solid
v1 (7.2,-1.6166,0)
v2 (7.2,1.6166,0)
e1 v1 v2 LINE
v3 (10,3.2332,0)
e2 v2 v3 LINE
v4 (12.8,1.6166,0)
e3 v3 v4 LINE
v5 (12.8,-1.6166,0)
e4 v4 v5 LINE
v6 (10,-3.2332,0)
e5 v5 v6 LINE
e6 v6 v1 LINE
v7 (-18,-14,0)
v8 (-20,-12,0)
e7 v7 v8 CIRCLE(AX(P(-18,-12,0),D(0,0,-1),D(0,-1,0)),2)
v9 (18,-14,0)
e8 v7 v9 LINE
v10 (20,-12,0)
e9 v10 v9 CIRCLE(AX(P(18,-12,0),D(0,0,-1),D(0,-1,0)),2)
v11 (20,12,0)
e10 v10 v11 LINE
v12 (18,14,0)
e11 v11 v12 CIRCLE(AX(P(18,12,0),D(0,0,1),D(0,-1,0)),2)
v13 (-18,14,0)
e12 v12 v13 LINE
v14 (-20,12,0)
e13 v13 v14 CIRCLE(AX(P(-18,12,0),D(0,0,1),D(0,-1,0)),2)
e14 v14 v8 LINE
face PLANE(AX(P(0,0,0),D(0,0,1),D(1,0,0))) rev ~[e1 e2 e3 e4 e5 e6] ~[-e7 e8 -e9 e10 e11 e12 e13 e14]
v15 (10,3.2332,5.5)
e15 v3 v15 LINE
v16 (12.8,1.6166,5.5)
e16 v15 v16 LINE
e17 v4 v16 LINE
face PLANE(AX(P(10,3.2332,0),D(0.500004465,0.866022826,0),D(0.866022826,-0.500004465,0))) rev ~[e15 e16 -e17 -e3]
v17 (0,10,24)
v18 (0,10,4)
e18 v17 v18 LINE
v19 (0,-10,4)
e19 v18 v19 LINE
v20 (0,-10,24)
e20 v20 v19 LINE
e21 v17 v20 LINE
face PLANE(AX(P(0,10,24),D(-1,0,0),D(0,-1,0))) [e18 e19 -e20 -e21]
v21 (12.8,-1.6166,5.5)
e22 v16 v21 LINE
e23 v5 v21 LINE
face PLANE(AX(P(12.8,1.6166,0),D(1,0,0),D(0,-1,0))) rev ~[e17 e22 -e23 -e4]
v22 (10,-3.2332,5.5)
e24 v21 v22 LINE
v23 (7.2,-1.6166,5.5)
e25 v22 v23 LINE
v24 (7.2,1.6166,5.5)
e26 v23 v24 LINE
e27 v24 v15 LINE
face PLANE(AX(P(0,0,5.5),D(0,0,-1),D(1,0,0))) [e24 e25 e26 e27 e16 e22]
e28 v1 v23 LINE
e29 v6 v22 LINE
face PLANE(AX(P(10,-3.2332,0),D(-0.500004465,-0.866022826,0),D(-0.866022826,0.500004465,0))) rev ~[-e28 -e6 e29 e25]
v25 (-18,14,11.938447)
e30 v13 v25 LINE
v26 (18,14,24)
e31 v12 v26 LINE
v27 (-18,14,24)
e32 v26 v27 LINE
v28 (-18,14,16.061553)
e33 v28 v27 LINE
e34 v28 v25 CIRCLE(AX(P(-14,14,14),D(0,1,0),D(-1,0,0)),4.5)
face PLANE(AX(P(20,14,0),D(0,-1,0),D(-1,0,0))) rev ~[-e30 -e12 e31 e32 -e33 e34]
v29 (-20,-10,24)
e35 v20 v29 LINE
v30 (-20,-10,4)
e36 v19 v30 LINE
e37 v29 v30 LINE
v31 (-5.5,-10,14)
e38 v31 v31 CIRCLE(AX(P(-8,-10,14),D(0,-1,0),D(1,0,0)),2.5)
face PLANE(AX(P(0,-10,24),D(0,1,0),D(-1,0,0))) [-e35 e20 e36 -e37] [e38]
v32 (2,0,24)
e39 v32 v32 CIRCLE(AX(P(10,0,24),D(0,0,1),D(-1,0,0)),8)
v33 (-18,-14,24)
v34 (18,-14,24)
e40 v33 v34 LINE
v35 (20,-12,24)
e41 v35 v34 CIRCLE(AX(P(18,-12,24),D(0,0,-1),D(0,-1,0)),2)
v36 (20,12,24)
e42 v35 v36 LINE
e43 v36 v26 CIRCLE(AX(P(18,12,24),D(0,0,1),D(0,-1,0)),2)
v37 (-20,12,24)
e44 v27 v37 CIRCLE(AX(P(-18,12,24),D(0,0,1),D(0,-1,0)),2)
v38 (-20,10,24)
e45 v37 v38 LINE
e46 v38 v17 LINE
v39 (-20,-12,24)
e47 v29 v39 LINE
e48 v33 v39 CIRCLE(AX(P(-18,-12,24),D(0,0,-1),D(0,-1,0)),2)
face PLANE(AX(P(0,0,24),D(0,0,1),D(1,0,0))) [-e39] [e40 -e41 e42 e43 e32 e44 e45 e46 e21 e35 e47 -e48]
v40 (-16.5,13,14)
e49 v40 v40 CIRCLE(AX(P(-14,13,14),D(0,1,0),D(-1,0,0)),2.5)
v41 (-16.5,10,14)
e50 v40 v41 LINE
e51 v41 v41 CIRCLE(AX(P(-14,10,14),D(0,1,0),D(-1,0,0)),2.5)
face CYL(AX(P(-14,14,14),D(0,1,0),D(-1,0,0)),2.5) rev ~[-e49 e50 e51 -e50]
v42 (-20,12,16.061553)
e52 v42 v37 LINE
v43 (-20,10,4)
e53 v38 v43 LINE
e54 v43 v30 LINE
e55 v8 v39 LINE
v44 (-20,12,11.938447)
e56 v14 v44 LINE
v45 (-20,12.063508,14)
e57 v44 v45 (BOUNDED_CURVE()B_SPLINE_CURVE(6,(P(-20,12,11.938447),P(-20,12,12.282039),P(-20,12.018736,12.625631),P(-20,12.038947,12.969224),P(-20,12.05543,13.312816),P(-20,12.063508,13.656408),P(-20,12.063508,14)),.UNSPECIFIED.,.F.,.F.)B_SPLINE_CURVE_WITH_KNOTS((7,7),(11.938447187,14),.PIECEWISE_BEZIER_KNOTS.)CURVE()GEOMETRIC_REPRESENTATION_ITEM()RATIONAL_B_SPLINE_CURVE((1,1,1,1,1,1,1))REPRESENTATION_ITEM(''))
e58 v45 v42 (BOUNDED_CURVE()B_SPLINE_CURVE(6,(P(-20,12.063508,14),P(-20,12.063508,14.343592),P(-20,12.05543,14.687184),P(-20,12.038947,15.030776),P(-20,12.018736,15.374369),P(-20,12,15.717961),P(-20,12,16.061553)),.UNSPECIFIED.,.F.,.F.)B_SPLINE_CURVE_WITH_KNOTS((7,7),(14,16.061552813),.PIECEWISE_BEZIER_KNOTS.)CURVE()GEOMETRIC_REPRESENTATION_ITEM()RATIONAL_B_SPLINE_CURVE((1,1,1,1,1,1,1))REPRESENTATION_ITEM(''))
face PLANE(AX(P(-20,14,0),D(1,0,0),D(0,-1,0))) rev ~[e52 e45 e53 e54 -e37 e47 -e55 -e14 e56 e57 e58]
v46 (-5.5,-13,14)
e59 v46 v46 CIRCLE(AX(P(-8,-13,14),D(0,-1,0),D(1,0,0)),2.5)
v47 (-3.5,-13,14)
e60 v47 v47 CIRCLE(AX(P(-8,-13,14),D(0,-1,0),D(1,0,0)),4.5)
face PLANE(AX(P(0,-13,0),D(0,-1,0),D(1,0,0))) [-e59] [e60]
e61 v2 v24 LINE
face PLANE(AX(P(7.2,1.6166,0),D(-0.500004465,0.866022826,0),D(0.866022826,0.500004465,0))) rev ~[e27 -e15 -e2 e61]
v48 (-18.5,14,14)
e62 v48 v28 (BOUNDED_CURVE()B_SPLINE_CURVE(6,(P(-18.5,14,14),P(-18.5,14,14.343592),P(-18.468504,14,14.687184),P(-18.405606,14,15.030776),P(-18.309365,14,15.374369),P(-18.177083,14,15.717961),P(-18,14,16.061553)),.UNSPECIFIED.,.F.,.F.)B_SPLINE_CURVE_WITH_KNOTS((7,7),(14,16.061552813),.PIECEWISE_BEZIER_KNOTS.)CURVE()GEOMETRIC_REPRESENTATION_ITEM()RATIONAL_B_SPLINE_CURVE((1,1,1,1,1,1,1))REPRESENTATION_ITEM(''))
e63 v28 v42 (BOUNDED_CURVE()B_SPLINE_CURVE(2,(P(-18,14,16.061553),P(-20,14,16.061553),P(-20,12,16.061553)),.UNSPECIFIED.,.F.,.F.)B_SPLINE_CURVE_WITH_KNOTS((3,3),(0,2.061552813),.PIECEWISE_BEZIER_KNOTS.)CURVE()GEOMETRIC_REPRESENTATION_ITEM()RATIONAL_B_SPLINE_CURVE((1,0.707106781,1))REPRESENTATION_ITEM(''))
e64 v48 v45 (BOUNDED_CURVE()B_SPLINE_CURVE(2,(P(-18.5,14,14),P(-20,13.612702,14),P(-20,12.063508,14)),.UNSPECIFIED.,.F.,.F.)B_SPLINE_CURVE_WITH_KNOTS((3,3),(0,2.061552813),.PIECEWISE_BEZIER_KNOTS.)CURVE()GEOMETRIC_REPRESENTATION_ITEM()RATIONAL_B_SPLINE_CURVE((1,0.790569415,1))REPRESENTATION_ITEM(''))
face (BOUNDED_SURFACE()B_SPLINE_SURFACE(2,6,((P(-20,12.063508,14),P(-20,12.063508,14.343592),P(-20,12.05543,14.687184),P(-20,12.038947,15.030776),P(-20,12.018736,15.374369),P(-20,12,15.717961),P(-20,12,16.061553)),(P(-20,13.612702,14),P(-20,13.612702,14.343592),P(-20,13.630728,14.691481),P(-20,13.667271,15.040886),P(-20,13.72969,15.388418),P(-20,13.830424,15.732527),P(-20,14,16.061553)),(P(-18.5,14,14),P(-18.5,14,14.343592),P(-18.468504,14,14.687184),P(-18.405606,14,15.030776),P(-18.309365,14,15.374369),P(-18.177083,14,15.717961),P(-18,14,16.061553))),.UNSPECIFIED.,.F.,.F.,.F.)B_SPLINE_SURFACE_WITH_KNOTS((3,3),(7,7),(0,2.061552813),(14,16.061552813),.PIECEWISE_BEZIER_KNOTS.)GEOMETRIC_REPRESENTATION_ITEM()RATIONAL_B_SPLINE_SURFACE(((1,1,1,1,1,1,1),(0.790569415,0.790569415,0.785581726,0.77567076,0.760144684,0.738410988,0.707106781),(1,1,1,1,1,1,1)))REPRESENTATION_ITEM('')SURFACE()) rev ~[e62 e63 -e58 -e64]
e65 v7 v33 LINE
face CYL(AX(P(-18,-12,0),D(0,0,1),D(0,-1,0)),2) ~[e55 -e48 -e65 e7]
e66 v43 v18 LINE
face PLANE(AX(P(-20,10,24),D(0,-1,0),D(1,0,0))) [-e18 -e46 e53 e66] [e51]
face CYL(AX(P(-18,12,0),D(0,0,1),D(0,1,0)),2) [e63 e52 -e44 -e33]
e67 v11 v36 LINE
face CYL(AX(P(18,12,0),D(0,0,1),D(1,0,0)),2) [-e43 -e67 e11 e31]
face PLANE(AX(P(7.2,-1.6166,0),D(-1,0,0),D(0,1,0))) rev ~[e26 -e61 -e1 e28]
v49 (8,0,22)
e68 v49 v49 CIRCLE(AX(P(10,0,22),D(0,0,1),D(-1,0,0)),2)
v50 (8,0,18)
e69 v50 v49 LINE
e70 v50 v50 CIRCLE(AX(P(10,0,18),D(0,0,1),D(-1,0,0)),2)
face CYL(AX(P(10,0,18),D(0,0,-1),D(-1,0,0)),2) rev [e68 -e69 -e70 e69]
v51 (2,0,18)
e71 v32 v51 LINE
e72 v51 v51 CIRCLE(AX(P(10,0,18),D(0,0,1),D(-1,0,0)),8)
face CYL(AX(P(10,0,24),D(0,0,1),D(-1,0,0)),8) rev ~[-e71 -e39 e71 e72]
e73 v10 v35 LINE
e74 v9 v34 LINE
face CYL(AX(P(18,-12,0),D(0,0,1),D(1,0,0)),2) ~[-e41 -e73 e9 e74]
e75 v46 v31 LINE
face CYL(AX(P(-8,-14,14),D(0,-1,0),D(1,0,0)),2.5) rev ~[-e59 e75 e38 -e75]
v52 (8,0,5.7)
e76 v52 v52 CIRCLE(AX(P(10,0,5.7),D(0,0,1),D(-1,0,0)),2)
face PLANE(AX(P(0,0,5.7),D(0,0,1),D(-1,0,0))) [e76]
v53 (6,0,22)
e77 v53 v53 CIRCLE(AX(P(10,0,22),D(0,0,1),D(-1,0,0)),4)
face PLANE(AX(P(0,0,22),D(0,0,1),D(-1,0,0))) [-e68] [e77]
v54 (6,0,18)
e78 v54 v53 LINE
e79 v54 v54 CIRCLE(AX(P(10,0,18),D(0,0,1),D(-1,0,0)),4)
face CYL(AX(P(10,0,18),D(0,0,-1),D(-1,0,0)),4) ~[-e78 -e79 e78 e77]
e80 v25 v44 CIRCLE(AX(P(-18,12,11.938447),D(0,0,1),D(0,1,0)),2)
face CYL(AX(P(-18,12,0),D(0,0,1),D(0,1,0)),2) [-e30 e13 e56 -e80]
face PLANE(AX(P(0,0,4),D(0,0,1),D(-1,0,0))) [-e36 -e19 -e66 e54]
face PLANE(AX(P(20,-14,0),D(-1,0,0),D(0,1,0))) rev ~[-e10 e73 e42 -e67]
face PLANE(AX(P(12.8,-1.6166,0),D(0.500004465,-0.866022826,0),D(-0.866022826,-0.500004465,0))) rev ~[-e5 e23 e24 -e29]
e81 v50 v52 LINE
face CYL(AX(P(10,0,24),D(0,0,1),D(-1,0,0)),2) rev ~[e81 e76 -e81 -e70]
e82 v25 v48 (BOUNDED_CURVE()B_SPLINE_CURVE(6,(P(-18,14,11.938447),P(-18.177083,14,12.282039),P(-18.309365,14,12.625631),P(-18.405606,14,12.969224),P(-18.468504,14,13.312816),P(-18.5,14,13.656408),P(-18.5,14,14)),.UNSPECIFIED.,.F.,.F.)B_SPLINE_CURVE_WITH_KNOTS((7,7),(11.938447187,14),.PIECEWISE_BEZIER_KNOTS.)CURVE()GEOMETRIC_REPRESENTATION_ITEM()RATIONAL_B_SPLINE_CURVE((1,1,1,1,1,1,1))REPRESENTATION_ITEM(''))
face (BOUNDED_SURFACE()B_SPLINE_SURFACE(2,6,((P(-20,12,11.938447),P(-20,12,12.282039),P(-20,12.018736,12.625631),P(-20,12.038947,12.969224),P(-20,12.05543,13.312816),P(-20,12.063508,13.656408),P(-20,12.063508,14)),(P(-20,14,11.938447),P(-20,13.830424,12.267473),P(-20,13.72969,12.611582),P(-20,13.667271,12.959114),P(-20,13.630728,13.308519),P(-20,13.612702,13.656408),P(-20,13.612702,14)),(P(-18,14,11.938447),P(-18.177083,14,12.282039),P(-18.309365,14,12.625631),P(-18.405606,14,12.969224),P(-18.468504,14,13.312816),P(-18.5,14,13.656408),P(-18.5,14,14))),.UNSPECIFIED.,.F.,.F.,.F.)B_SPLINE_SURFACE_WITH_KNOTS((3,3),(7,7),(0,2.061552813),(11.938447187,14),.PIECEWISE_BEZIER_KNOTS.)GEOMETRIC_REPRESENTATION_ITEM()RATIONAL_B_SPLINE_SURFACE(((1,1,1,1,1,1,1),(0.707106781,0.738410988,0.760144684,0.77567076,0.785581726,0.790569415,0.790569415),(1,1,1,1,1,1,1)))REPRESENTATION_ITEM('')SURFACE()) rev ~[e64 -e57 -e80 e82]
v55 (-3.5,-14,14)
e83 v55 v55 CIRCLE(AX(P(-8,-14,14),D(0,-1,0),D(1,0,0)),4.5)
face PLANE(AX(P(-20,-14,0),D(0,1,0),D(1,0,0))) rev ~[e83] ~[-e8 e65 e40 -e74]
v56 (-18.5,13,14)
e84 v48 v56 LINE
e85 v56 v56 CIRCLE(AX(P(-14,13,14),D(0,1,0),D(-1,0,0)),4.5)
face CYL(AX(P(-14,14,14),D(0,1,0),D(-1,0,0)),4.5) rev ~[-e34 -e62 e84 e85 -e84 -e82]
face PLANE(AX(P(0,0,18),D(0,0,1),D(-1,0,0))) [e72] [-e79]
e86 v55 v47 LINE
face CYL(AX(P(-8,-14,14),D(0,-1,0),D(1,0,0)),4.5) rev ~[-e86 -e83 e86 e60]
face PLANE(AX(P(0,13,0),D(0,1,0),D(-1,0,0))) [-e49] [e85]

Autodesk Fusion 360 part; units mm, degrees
sketch "Sketch1" plane through (0, 0, 0) normal (0, 0, 1) x (1, 0, 0) in component "Mount"
  line L0 (20, 14) -> (-20, 14)
  line L1 (-20, 14) -> (-20, -14)
  line L2 (-20, -14) -> (20, -14)
  line L3 (20, -14) -> (20, 14)
  line L4 (20, 14) -> (-20, -14) construction
  line L5 (-20, 14) -> (20, -14) construction
  dimension "d1" = 40
  dimension "d2" = 28
extrude "Extrude1" add sketch "Sketch1" along normal blind 24 in component "Mount"
sketch "Sketch2" plane through (0, 0, 24) normal (0, 0, 1) x (-1, 0, 0) in component "Mount"
  line L0 (-20, 14) -> (-20, -14)
  line L1 (-20, -14) -> (20, -14)
  line L2 (20, -14) -> (20, 14)
  line L3 (20, 14) -> (-20, 14)
  line L4 (20, -10) -> (0, -10)
  line L5 (0, -10) -> (0, 10)
  line L6 (0, 10) -> (20, 10)
  line L7 (20, 10) -> (20, -10)
  dimension "d5" = 20
  dimension "d6" = 20
  dimension "d7" = 4
extrude "Extrude2" cut sketch "Sketch2" against normal blind 20 contours L2 L4 L5 L6 L7 in component "Mount"
sketch "Sketch3" plane through (0, -14, 0) normal (0, -1, 0) x (1, 0, 0) in component "Mount"
  line L0 (-20, 0) -> (20, 0)
  line L1 (20, 0) -> (20, 24)
  line L2 (20, 24) -> (-20, 24)
  line L3 (-20, 24) -> (-20, 0)
  line L4 (-8, 0) -> (-8, 24) construction
  line L5 (-20, 14) -> (20, 14) construction
  circle A0 centre (-8, 14) radius 2.5
  circle A1 centre (-8, 14) radius 4.5
  dimension "d10" = 12
  dimension "d11" = 10
  dimension "d12" = 5
  dimension "d13" = 9
extrude "Extrude4" cut sketch "Sketch3" against normal blind 1 contours A0 | A1 in component "Mount"
extrude "Extrude3" cut sketch "Sketch3" against normal blind 4 contours A0 in component "Mount"
sketch "Sketch4" plane through (0, 14, 0) normal (0, 1, 0) x (-1, 0, 0) in component "Mount"
  line L0 (-20, 0) -> (20, 0)
  line L1 (20, 0) -> (20, 24)
  line L2 (20, 24) -> (-20, 24)
  line L3 (-20, 24) -> (-20, 0)
  line L4 (14, 24) -> (14, 0) construction
  line L5 (20, 14) -> (-20, 14) construction
  circle A0 centre (14, 14) radius 2.5
  circle A1 centre (14, 14) radius 4.5
  dimension "d18" = 10
  dimension "d19" = 6
  dimension "d20" = 5
  dimension "d21" = 9
extrude "Extrude6" cut sketch "Sketch4" against normal blind 1 contours A0 | A1 in component "Mount"
extrude "Extrude5" cut sketch "Sketch4" against normal blind 4 contours A0 in component "Mount"
sketch "Sketch5" plane through (0, 0, 24) normal (0, 0, 1) x (-1, 0, 0) in component "Mount"
  line L0 (0, 10) -> (20, 10)
  line L1 (20, 10) -> (20, 14)
  line L2 (20, 14) -> (-20, 14)
  line L3 (-20, 14) -> (-20, -14)
  line L4 (-20, -14) -> (20, -14)
  line L5 (20, -14) -> (20, -10)
  line L6 (20, -10) -> (0, -10)
  line L7 (0, -10) -> (0, 10)
  line L8 (0, -10) -> (-20, -10) construction
  line L9 (0, 10) -> (-20, 10) construction
  line L10 (-20, 10) -> (0, -10) construction
  line L11 (0, 10) -> (-20, -10) construction
  circle A0 centre (-10, 0) radius 8
  circle A1 centre (-10, 0) radius 4
  circle A2 centre (-10, 0) radius 2
  dimension "d26" = 16
  dimension "d27" = 8
  dimension "d28" = 4
extrude "Extrude7" cut sketch "Sketch5" against normal blind 6 contours A0 | A1 | A2 in component "Mount"
extrude "Extrude8" add sketch "Sketch5" along normal blind 4 from surface at -6 contours A1 in component "Mount"
extrude "Extrude9" cut sketch "Sketch5" against normal blind 18.3 contours A2 in component "Mount"
fillet "Fillet2" radius 2 4 edges at (20, 14, 12) (20, -14, 12) (-20, -14, 12) (-20, 14, 12) in component "Mount"
sketch "Sketch6" plane through (0, 0, 0) normal (0, 0, -1) x (1, 0, 0) in component "Mount"
  arc A0 (-20, -12) -> (-18, -14) centre (-18, -12) ccw
  line L0 (-18, -14) -> (18, -14)
  arc A1 (18, -14) -> (20, -12) centre (18, -12) ccw
  line L1 (20, -12) -> (20, 12)
  arc A2 (20, 12) -> (18, 14) centre (18, 12) ccw
  line L2 (18, 14) -> (-18, 14)
  arc A3 (-18, 14) -> (-20, 12) centre (-18, 12) ccw
  line L3 (-20, 12) -> (-20, -12)
  line L4 (12.8, -1.6166) -> (12.8, 1.6166)
  line L5 (12.8, 1.6166) -> (10, 3.2332)
  line L6 (10, 3.2332) -> (7.2, 1.6166)
  line L7 (7.2, 1.6166) -> (7.2, -1.6166)
  line L8 (7.2, -1.6166) -> (10, -3.2332)
  line L9 (10, -3.2332) -> (12.8, -1.6166)
  line L10 (10, 0) -> (10, 14) construction
  point P0 (10, 0)
  dimension "d50" = 2.8
extrude "Extrude10" cut sketch "Sketch6" against normal blind 5.5 contours L4 L5 L6 L7 L8 L9 in component "Mount"
component "Mount" placed x (1, 0, 0) y (0, 1, 0) z (0, 0, 1) at (0, 0, 0)
properties part number "Mount"
